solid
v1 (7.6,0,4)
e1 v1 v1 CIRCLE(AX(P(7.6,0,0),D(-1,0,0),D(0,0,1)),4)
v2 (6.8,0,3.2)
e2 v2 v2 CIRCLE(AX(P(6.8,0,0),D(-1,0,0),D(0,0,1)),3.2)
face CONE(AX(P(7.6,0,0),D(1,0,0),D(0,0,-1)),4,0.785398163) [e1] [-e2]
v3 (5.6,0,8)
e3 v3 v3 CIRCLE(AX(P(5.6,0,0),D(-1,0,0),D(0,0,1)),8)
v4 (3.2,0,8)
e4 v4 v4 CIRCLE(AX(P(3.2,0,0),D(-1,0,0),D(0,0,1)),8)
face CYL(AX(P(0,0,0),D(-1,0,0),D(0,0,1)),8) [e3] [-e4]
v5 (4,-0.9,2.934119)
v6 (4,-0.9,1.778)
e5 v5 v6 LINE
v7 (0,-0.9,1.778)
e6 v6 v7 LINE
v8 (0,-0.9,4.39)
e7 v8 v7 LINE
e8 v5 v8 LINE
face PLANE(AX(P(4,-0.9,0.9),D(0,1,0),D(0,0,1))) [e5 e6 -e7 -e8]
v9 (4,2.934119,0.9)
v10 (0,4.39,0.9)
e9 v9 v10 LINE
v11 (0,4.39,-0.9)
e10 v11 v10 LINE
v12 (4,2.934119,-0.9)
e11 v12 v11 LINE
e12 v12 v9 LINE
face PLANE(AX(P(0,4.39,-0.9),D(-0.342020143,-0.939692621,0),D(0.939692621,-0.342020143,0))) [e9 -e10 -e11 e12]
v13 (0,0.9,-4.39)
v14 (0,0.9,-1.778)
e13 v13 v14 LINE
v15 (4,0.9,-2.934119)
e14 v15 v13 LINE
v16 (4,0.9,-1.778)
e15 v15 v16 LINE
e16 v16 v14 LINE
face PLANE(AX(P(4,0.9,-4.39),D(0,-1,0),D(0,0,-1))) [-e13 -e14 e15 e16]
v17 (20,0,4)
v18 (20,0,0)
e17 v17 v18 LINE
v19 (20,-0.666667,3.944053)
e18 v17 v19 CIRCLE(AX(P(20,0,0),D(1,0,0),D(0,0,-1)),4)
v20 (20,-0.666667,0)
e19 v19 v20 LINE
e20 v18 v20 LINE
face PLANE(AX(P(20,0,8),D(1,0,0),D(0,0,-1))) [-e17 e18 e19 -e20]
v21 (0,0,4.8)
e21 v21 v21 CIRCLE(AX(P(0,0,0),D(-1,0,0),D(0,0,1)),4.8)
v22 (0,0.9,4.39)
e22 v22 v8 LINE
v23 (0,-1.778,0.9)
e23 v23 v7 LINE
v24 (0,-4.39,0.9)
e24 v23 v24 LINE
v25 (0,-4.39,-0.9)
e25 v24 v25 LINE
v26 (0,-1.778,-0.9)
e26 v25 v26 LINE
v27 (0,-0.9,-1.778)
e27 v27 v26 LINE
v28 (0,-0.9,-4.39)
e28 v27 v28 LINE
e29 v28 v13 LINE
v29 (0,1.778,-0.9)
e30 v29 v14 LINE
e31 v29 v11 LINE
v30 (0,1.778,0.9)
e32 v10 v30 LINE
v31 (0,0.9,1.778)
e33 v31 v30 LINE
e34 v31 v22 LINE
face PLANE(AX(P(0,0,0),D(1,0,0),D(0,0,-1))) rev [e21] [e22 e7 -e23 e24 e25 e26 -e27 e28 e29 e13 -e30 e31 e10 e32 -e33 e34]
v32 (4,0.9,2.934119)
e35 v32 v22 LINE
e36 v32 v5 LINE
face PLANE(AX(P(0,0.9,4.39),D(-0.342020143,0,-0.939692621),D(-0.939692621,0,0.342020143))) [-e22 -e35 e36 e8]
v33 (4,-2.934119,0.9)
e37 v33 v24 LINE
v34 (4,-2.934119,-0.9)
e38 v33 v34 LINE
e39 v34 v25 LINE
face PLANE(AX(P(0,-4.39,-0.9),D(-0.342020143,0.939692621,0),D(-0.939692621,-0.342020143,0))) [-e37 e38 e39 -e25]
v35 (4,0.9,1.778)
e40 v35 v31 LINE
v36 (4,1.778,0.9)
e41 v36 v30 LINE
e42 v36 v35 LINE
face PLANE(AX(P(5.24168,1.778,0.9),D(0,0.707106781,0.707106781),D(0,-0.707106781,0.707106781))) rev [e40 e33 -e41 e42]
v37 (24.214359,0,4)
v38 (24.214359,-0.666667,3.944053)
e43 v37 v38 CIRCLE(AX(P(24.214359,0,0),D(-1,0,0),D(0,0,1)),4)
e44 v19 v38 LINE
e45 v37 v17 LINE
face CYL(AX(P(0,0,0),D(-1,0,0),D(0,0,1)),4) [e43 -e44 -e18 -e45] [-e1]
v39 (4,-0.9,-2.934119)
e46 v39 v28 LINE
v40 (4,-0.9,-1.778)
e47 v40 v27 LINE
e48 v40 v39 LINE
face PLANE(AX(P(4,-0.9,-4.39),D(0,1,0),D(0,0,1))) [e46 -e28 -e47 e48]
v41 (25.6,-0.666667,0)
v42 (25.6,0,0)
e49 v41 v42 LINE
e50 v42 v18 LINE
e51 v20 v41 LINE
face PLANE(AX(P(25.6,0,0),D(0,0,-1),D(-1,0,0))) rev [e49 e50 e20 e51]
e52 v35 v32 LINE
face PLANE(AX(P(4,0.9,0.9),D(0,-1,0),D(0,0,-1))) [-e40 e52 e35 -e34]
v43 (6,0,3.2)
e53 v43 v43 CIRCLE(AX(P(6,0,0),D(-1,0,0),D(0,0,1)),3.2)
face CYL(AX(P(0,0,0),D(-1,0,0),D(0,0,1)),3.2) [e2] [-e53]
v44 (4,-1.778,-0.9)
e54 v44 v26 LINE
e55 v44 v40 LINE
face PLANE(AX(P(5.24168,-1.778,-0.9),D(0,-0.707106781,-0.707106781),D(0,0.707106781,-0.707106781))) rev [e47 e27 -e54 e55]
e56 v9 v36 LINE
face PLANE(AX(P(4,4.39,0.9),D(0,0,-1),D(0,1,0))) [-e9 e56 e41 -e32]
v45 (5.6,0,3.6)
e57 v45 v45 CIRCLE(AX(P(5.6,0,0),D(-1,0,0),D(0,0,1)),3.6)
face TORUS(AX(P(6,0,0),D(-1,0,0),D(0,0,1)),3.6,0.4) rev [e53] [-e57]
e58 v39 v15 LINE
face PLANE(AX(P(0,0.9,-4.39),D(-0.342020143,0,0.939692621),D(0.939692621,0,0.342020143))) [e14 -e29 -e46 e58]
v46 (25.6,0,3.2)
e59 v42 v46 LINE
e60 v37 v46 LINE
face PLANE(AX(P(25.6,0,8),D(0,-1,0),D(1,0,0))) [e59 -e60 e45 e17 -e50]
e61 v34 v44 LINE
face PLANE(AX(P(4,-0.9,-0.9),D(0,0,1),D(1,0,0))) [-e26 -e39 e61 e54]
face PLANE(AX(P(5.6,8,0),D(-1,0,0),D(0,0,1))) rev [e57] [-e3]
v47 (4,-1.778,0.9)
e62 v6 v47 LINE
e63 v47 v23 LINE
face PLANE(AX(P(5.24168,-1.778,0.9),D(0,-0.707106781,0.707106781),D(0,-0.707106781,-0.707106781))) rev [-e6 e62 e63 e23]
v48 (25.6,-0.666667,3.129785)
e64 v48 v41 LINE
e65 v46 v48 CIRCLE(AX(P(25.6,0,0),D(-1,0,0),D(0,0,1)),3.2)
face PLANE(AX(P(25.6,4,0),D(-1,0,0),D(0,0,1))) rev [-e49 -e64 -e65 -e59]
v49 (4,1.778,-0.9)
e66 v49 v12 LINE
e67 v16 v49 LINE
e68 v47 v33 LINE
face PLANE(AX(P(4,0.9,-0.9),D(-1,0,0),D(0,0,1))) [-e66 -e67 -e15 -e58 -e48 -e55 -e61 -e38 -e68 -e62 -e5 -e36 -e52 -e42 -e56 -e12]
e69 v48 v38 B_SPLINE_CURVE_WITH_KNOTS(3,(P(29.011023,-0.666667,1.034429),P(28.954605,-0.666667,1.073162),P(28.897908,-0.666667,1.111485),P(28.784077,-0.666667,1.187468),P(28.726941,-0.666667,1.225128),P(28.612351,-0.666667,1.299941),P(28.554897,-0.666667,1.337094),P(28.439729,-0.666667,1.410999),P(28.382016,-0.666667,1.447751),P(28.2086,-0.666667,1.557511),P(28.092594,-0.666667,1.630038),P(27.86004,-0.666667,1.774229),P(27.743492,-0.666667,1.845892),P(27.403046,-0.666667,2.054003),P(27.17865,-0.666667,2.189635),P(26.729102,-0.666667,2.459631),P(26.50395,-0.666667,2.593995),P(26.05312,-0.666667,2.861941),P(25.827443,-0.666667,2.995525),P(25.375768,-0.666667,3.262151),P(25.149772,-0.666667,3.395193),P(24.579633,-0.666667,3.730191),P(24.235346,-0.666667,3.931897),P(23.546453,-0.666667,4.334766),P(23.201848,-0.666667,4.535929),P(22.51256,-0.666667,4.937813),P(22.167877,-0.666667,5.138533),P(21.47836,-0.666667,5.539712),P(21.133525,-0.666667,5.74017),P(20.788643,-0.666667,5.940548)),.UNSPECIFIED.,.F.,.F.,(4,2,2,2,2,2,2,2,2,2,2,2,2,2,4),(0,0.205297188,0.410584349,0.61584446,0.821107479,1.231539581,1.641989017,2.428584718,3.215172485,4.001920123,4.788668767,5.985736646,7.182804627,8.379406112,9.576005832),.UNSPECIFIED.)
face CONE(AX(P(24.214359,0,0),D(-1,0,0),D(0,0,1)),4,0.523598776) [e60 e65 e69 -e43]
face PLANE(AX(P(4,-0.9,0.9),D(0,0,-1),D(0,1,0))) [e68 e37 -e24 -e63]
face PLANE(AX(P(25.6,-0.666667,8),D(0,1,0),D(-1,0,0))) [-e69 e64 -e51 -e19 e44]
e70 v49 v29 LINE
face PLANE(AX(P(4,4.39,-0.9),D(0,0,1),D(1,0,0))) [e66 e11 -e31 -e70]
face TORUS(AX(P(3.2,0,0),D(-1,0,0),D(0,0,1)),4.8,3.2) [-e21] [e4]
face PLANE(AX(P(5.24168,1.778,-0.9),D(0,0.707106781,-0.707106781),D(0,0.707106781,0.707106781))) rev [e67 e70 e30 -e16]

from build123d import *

# Parameters (mm, degrees)
CUT_EXTRUDE3_DEPTH         = 4
DRAFT1_ANGLE               = 20
RECESSI_CUT_EXTRUDE5_DEPTH = 4
SKETCH11_W                 = 5.6
SKETCH11_H                 = 0.666666667
POINT_CUT_EXTRUDE8_DEPTH   = 9


with BuildPart() as part:
    # Sketch1 → base-Revolve (revolve)
    with BuildSketch(Plane.XY):
        with BuildLine():
            Line((0, 0), (0, 4.8))
            ThreePointArc((0, 4.8), (0.9372583, 7.0627417), (3.2, 8))
            Line((3.2, 8), (5.6, 8))
            Line((5.6, 8), (5.6, 3.6))
            ThreePointArc((5.6, 3.6), (5.717157288, 3.317157288), (6, 3.2))
            Line((6, 3.2), (6.8, 3.2))
            Line((6.8, 3.2), (7.6, 4))
            Line((7.6, 4), (25.6, 4))
            Line((25.6, 4), (25.6, 0))
            Line((25.6, 0), (0, 0))
        make_face()
    revolve(axis=Axis((0, 0, 0), (1, 0, 0)))

    # Sketch4 → Cut-Extrude3 (cut)
    with BuildSketch(Plane(origin=(0, 0, 0), x_dir=(0, 0, -1), z_dir=(1, 0, 0))):
        Polygon((0.9, 4.39), (-0.9, 4.39), (-0.9, 0.9), (-4.39, 0.9), (-4.39, -0.9), (-0.9, -0.9), (-0.9, -4.39), (0.9, -4.39), (0.9, -0.9), (4.39, -0.9), (4.39, 0.9), (0.9, 0.9), align=None)
    extrude(amount=CUT_EXTRUDE3_DEPTH, mode=Mode.SUBTRACT)

    # Draft1
    draft1_faces = [part.faces().sort_by_distance(p)[0] for p in [
        (2, 0, -4.39),
        (2, -4.39, 0),
        (2, 0, 4.39),
        (2, 4.39, 0),
    ]]
    draft(draft1_faces, Plane(origin=(0, 0, 0), x_dir=(0, 0, -1), z_dir=(-1, 0, 0)), DRAFT1_ANGLE)

    # Sketch5 → recessI_Cut-Extrude5 (cut)
    with BuildSketch(Plane.ZY):
        Polygon((0.9, 1.778), (1.778, 0.9), (0.9, 0.9), align=None)
        Polygon((-0.9, 0.9), (-1.778, 0.9), (-0.9, 1.778), align=None)
        Polygon((-0.9, -1.778), (-1.778, -0.9), (-0.9, -0.9), align=None)
        Polygon((0.9, -0.9), (1.778, -0.9), (0.9, -1.778), align=None)
    extrude(amount=-RECESSI_CUT_EXTRUDE5_DEPTH, mode=Mode.SUBTRACT)

    # Sketch8 → point_Cut-Revolve1 (revolve, cut)
    with BuildSketch(Plane.XY):
        Polygon((25.6, 0), (26.108, 0), (26.108, 4.508), (24.214359354, 4.508), (24.214359354, 4), (25.6, 3.2), align=None)
    revolve(axis=Axis((0, 0, 0), (1, 0, 0)), mode=Mode.SUBTRACT)

    # Sketch11 → point_Cut-Extrude8 (cut, through all)
    with BuildSketch(Plane.XY):
        with Locations((22.8, -0.333333333)):
            Rectangle(SKETCH11_W, SKETCH11_H)
    extrude(amount=POINT_CUT_EXTRUDE8_DEPTH, mode=Mode.SUBTRACT)


solid = part.part
